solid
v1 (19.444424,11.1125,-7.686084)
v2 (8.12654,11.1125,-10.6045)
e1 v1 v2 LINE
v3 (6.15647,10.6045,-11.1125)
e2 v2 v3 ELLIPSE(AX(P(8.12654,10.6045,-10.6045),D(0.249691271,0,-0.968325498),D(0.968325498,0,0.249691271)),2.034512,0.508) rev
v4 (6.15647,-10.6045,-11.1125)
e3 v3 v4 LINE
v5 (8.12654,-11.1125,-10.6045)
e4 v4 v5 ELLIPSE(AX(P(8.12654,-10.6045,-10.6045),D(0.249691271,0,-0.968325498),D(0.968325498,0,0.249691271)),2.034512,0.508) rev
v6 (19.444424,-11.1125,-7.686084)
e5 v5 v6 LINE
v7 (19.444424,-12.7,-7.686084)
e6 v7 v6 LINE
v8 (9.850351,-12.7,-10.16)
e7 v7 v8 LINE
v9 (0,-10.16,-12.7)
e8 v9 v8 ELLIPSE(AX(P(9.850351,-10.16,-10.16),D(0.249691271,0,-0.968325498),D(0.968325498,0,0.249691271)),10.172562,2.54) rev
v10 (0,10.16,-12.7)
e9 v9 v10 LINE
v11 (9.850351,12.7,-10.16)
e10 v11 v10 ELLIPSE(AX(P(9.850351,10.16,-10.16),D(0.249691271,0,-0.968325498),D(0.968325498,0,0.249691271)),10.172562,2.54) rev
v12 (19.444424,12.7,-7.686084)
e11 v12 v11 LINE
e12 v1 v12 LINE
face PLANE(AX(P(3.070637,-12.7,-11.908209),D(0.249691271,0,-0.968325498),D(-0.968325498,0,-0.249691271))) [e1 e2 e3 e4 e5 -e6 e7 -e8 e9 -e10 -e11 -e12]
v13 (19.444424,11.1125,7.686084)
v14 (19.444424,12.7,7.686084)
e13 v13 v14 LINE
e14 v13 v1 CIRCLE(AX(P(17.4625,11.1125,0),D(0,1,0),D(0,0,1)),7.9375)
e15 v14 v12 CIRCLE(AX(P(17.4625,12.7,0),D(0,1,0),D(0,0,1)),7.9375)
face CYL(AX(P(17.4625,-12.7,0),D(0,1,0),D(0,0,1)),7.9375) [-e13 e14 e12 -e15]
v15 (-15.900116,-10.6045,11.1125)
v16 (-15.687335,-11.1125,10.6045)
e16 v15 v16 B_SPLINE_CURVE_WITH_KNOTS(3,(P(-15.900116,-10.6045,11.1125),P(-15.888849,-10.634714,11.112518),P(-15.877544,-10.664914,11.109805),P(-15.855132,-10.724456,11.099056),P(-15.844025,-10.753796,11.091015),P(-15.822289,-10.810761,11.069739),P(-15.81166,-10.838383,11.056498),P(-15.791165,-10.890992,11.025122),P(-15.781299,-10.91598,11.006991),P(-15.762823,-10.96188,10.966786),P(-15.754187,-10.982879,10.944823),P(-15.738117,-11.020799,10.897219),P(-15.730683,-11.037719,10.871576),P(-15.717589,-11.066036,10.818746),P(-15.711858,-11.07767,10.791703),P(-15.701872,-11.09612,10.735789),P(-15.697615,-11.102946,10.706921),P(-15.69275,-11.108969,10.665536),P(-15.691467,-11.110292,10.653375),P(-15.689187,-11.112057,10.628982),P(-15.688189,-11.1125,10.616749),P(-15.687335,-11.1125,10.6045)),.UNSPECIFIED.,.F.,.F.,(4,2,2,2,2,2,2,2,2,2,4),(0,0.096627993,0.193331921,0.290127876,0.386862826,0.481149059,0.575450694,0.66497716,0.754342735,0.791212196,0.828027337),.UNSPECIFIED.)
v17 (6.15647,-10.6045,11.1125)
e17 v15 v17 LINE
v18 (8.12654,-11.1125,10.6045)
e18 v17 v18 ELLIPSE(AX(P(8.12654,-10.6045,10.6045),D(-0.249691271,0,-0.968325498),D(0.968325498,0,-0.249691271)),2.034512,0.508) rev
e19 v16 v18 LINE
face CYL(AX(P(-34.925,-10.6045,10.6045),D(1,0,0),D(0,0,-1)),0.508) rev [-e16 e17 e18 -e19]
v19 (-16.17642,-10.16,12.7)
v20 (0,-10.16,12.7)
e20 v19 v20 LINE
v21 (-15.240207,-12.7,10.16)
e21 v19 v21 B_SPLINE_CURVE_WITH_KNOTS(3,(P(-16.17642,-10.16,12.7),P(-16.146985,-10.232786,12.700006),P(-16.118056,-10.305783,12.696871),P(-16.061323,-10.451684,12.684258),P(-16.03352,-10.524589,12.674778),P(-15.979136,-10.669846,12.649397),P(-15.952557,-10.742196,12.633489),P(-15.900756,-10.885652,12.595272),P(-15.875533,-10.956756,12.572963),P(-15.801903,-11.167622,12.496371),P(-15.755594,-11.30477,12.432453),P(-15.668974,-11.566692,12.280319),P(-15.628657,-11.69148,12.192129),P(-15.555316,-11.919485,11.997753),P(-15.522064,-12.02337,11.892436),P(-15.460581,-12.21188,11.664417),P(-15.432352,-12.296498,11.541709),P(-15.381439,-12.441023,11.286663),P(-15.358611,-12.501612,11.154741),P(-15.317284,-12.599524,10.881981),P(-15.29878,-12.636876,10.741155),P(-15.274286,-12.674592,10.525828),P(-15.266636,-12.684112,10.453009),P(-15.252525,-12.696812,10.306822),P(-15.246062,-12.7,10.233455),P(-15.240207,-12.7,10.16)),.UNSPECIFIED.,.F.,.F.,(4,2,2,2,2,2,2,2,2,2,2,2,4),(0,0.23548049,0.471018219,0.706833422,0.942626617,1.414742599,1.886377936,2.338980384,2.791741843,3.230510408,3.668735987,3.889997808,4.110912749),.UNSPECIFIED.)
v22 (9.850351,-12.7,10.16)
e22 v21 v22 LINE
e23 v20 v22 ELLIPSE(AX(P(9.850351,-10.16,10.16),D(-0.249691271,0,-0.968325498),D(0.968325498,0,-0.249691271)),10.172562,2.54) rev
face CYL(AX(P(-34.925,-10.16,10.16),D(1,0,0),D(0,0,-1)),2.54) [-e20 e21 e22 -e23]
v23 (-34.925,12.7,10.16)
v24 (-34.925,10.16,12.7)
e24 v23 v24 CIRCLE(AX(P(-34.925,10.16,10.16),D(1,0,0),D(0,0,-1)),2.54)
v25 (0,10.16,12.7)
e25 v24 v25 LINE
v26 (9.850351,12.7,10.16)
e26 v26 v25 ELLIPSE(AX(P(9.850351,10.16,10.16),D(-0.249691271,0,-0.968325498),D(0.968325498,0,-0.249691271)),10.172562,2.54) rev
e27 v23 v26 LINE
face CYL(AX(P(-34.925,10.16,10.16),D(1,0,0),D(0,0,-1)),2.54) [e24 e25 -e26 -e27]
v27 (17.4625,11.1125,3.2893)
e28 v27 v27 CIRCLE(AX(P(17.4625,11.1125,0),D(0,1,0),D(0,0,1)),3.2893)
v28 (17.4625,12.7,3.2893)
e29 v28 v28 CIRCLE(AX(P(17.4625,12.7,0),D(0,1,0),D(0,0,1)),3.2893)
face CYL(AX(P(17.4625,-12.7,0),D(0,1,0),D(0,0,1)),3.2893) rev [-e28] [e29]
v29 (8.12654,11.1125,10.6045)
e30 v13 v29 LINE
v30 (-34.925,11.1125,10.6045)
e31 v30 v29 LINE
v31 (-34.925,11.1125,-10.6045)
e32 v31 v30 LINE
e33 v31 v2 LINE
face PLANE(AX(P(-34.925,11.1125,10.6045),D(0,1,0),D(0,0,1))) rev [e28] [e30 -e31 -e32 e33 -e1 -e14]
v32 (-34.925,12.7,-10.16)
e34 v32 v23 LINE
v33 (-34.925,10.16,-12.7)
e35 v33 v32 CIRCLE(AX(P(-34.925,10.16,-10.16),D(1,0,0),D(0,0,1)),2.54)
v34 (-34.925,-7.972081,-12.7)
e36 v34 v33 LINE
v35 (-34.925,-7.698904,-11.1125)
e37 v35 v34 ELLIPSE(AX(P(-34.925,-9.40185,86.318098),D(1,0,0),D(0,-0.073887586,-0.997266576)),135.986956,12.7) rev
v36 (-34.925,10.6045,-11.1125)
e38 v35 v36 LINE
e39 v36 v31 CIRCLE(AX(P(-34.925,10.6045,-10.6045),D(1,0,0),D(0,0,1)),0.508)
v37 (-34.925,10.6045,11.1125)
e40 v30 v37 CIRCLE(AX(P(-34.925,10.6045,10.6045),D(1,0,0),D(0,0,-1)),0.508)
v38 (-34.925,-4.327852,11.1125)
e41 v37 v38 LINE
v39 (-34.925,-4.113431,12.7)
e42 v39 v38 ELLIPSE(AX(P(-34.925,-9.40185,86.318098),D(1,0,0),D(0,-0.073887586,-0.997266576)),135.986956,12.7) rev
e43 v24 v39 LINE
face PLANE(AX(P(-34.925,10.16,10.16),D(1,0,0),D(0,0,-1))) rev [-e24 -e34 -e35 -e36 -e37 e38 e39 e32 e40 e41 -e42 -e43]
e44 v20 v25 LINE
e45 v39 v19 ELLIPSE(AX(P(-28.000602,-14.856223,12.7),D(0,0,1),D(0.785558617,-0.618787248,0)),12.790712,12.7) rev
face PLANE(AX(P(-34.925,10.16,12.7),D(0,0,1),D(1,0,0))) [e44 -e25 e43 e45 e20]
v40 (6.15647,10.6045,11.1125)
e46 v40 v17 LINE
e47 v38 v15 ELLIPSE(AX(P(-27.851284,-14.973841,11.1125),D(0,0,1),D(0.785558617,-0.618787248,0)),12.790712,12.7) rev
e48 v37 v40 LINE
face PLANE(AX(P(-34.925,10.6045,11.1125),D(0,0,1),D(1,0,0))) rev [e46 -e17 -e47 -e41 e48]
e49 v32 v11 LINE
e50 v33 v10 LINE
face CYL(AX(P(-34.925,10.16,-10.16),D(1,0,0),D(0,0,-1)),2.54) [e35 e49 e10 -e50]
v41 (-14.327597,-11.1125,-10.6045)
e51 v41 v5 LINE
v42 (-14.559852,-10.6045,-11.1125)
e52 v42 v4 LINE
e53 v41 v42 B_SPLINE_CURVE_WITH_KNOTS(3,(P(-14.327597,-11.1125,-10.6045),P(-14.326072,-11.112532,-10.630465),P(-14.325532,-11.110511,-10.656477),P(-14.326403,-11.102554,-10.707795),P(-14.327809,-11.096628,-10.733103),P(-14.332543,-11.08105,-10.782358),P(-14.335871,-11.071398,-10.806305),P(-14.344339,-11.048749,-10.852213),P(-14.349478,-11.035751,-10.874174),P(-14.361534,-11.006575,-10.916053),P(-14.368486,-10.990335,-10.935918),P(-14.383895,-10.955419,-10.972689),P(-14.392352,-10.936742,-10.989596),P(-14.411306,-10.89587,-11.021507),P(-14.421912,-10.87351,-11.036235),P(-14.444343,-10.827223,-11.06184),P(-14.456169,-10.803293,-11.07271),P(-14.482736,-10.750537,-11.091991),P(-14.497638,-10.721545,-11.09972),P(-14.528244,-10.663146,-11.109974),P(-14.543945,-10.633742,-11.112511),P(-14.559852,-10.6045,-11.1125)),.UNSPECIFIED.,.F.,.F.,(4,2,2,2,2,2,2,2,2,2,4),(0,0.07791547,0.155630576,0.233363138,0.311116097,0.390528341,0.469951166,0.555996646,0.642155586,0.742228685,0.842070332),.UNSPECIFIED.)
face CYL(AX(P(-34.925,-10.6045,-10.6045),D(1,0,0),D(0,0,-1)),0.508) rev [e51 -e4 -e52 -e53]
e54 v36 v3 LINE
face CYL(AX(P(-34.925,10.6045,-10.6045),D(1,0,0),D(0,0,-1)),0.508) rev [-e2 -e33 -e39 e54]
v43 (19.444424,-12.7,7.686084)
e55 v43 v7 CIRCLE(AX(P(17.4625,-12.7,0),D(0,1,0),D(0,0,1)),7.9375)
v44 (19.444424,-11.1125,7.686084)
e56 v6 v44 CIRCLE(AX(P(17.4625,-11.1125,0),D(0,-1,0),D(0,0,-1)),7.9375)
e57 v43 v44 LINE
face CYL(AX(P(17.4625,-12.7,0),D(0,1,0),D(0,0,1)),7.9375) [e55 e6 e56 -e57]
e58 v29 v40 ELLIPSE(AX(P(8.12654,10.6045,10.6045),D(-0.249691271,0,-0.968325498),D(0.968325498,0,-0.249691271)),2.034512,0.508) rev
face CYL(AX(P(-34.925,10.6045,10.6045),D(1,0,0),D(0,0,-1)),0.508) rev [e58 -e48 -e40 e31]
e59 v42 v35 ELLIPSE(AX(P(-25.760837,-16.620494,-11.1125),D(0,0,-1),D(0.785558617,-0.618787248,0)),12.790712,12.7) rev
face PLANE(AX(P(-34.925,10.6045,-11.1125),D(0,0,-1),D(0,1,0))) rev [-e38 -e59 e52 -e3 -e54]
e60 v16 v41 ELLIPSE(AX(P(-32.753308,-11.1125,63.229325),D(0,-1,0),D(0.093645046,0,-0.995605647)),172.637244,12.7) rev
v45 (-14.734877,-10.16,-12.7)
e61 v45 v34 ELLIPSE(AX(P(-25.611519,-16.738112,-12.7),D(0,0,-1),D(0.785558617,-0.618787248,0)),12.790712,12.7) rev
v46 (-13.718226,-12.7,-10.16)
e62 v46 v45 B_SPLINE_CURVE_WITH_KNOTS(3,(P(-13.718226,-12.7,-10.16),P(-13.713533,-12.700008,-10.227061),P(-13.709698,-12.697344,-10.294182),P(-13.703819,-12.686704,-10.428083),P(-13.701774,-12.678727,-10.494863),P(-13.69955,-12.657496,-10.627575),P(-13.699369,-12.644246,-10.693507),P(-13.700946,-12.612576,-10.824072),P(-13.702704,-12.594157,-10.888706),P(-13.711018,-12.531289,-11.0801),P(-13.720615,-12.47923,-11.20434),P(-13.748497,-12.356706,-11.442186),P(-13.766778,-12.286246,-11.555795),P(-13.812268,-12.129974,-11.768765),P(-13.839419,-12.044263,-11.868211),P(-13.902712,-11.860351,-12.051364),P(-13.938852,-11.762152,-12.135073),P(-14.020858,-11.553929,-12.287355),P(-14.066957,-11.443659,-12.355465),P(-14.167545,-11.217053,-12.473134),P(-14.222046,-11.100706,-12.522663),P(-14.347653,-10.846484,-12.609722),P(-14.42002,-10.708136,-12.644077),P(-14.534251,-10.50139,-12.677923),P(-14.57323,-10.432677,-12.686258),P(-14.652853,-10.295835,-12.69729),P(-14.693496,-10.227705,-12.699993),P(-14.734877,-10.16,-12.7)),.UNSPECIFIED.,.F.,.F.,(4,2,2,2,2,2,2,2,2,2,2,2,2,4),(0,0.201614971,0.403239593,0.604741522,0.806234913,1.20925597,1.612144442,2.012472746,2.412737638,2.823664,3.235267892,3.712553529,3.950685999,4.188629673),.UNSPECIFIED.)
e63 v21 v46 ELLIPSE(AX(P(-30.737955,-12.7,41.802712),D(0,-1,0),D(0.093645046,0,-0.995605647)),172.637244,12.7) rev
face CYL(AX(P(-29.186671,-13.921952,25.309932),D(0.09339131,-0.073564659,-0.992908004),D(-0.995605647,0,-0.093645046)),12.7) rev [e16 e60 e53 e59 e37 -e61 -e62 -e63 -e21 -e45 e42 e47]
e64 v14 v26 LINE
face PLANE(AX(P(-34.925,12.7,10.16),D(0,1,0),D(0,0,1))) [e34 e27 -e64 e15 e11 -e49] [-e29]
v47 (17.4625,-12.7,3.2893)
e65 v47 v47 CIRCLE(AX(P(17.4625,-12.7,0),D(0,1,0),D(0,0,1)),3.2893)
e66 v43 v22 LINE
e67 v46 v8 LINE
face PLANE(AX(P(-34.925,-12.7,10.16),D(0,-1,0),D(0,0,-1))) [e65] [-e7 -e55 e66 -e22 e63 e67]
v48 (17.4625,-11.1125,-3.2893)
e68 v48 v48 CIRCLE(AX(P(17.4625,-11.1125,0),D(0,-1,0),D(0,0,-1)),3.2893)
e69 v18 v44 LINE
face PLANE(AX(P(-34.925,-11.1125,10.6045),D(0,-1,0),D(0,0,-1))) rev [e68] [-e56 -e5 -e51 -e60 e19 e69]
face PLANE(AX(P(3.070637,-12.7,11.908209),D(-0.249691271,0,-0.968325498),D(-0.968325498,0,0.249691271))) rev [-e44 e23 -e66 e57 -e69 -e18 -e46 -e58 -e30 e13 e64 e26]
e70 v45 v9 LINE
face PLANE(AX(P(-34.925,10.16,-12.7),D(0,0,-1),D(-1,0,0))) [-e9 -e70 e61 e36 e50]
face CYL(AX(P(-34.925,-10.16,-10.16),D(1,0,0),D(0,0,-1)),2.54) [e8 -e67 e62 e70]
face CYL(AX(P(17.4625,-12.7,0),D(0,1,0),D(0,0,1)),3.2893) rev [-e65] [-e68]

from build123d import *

# Parameters (mm, degrees)
BOSS_EXTRUDE1_DEPTH      = 25.4
BOSS_EXTRUDE1_DEPTH_BACK = 34.925
CUT_EXTRUDE4_DEPTH       = 63.941922635
CUT_EXTRUDE5_DEPTH       = 46.01339384
SKETCH14_R               = 3.2893
CUT_EXTRUDE6_DEPTH       = 46.01339384
CUT_EXTRUDE7_DEPTH       = 12.7
CUT_EXTRUDE7_DEPTH_BACK  = 38.1
SKETCH15_R               = 12.7


with BuildPart() as part:
    # Sketch1 → Boss-Extrude1 (new, two sides: drawn at the far end of the back side and taken through both)
    with BuildSketch(Plane(origin=(0, 0, 0), x_dir=(0, 0, -1), z_dir=(1, 0, 0)).offset(-BOSS_EXTRUDE1_DEPTH_BACK)):
        with BuildLine():
            Line((-10.16, 12.7), (10.16, 12.7))
            ThreePointArc((10.16, 12.7), (11.956051224, 11.956051224), (12.7, 10.16))
            Line((12.7, 10.16), (12.7, -10.16))
            ThreePointArc((12.7, -10.16), (11.956051224, -11.956051224), (10.16, -12.7))
            Line((10.16, -12.7), (-10.16, -12.7))
            ThreePointArc((-10.16, -12.7), (-11.956051224, -11.956051224), (-12.7, -10.16))
            Line((-12.7, -10.16), (-12.7, 10.16))
            ThreePointArc((-12.7, 10.16), (-11.956051224, 11.956051224), (-10.16, 12.7))
        make_face()
    extrude(amount=BOSS_EXTRUDE1_DEPTH + BOSS_EXTRUDE1_DEPTH_BACK)

    # Sketch11 → Cut-Extrude4 (cut, through all)
    with BuildSketch(Plane(origin=(25.4, 0, 0), x_dir=(0, 0, -1), z_dir=(1, 0, 0))):
        with BuildLine():
            Line((-10.6045, 11.1125), (10.6045, 11.1125))
            ThreePointArc((10.6045, 11.1125), (10.963710245, 10.963710245), (11.1125, 10.6045))
            Line((11.1125, 10.6045), (11.1125, -10.6045))
            ThreePointArc((11.1125, -10.6045), (10.963710245, -10.963710245), (10.6045, -11.1125))
            Line((10.6045, -11.1125), (-10.6045, -11.1125))
            ThreePointArc((-10.6045, -11.1125), (-10.963710245, -10.963710245), (-11.1125, -10.6045))
            Line((-11.1125, -10.6045), (-11.1125, 10.6045))
            ThreePointArc((-11.1125, 10.6045), (-10.963710245, 10.963710245), (-10.6045, 11.1125))
        make_face()
    extrude(amount=-CUT_EXTRUDE4_DEPTH, mode=Mode.SUBTRACT)

    # Sketch12 → Cut-Extrude5 (cut, through all)
    with BuildSketch(Plane(origin=(0, 12.7, 0), x_dir=(1, 0, 0), z_dir=(0, 1, 0))):
        with BuildLine():
            Line((50.8, 12.7), (0, 12.7))
            Line((0, 12.7), (19.444424463, 7.686083637))
            ThreePointArc((19.444424463, 7.686083637), (25.4, 0), (19.444424463, -7.686083637))
            Line((19.444424463, -7.686083637), (0, -12.7))
            Line((0, -12.7), (50.8, -12.7))
            Line((50.8, -12.7), (50.8, 12.7))
        make_face()
    extrude(amount=-CUT_EXTRUDE5_DEPTH, mode=Mode.SUBTRACT)

    # Sketch14 → Cut-Extrude6 (cut, through all)
    with BuildSketch(Plane(origin=(0, 12.7, 0), x_dir=(1, 0, 0), z_dir=(0, 1, 0))):
        with Locations((17.4625, 0)):
            Circle(SKETCH14_R)
    extrude(amount=-CUT_EXTRUDE6_DEPTH, mode=Mode.SUBTRACT)

    # Sketch15 → Cut-Extrude7 (cut, two sides: drawn at the far end of the back side and taken through both)
    with BuildSketch(Plane(origin=(-28.000601556, -14.856223036, 12.7), x_dir=(0.9956294808615993, 0.00690045849591187, 0.09313603229582208), z_dir=(-0.09339131029845452, 0.0735646591533628, 0.9929080038374085)).offset(-CUT_EXTRUDE7_DEPTH_BACK)):
        Circle(SKETCH15_R)
    extrude(amount=CUT_EXTRUDE7_DEPTH + CUT_EXTRUDE7_DEPTH_BACK, mode=Mode.SUBTRACT)


solid = part.part
